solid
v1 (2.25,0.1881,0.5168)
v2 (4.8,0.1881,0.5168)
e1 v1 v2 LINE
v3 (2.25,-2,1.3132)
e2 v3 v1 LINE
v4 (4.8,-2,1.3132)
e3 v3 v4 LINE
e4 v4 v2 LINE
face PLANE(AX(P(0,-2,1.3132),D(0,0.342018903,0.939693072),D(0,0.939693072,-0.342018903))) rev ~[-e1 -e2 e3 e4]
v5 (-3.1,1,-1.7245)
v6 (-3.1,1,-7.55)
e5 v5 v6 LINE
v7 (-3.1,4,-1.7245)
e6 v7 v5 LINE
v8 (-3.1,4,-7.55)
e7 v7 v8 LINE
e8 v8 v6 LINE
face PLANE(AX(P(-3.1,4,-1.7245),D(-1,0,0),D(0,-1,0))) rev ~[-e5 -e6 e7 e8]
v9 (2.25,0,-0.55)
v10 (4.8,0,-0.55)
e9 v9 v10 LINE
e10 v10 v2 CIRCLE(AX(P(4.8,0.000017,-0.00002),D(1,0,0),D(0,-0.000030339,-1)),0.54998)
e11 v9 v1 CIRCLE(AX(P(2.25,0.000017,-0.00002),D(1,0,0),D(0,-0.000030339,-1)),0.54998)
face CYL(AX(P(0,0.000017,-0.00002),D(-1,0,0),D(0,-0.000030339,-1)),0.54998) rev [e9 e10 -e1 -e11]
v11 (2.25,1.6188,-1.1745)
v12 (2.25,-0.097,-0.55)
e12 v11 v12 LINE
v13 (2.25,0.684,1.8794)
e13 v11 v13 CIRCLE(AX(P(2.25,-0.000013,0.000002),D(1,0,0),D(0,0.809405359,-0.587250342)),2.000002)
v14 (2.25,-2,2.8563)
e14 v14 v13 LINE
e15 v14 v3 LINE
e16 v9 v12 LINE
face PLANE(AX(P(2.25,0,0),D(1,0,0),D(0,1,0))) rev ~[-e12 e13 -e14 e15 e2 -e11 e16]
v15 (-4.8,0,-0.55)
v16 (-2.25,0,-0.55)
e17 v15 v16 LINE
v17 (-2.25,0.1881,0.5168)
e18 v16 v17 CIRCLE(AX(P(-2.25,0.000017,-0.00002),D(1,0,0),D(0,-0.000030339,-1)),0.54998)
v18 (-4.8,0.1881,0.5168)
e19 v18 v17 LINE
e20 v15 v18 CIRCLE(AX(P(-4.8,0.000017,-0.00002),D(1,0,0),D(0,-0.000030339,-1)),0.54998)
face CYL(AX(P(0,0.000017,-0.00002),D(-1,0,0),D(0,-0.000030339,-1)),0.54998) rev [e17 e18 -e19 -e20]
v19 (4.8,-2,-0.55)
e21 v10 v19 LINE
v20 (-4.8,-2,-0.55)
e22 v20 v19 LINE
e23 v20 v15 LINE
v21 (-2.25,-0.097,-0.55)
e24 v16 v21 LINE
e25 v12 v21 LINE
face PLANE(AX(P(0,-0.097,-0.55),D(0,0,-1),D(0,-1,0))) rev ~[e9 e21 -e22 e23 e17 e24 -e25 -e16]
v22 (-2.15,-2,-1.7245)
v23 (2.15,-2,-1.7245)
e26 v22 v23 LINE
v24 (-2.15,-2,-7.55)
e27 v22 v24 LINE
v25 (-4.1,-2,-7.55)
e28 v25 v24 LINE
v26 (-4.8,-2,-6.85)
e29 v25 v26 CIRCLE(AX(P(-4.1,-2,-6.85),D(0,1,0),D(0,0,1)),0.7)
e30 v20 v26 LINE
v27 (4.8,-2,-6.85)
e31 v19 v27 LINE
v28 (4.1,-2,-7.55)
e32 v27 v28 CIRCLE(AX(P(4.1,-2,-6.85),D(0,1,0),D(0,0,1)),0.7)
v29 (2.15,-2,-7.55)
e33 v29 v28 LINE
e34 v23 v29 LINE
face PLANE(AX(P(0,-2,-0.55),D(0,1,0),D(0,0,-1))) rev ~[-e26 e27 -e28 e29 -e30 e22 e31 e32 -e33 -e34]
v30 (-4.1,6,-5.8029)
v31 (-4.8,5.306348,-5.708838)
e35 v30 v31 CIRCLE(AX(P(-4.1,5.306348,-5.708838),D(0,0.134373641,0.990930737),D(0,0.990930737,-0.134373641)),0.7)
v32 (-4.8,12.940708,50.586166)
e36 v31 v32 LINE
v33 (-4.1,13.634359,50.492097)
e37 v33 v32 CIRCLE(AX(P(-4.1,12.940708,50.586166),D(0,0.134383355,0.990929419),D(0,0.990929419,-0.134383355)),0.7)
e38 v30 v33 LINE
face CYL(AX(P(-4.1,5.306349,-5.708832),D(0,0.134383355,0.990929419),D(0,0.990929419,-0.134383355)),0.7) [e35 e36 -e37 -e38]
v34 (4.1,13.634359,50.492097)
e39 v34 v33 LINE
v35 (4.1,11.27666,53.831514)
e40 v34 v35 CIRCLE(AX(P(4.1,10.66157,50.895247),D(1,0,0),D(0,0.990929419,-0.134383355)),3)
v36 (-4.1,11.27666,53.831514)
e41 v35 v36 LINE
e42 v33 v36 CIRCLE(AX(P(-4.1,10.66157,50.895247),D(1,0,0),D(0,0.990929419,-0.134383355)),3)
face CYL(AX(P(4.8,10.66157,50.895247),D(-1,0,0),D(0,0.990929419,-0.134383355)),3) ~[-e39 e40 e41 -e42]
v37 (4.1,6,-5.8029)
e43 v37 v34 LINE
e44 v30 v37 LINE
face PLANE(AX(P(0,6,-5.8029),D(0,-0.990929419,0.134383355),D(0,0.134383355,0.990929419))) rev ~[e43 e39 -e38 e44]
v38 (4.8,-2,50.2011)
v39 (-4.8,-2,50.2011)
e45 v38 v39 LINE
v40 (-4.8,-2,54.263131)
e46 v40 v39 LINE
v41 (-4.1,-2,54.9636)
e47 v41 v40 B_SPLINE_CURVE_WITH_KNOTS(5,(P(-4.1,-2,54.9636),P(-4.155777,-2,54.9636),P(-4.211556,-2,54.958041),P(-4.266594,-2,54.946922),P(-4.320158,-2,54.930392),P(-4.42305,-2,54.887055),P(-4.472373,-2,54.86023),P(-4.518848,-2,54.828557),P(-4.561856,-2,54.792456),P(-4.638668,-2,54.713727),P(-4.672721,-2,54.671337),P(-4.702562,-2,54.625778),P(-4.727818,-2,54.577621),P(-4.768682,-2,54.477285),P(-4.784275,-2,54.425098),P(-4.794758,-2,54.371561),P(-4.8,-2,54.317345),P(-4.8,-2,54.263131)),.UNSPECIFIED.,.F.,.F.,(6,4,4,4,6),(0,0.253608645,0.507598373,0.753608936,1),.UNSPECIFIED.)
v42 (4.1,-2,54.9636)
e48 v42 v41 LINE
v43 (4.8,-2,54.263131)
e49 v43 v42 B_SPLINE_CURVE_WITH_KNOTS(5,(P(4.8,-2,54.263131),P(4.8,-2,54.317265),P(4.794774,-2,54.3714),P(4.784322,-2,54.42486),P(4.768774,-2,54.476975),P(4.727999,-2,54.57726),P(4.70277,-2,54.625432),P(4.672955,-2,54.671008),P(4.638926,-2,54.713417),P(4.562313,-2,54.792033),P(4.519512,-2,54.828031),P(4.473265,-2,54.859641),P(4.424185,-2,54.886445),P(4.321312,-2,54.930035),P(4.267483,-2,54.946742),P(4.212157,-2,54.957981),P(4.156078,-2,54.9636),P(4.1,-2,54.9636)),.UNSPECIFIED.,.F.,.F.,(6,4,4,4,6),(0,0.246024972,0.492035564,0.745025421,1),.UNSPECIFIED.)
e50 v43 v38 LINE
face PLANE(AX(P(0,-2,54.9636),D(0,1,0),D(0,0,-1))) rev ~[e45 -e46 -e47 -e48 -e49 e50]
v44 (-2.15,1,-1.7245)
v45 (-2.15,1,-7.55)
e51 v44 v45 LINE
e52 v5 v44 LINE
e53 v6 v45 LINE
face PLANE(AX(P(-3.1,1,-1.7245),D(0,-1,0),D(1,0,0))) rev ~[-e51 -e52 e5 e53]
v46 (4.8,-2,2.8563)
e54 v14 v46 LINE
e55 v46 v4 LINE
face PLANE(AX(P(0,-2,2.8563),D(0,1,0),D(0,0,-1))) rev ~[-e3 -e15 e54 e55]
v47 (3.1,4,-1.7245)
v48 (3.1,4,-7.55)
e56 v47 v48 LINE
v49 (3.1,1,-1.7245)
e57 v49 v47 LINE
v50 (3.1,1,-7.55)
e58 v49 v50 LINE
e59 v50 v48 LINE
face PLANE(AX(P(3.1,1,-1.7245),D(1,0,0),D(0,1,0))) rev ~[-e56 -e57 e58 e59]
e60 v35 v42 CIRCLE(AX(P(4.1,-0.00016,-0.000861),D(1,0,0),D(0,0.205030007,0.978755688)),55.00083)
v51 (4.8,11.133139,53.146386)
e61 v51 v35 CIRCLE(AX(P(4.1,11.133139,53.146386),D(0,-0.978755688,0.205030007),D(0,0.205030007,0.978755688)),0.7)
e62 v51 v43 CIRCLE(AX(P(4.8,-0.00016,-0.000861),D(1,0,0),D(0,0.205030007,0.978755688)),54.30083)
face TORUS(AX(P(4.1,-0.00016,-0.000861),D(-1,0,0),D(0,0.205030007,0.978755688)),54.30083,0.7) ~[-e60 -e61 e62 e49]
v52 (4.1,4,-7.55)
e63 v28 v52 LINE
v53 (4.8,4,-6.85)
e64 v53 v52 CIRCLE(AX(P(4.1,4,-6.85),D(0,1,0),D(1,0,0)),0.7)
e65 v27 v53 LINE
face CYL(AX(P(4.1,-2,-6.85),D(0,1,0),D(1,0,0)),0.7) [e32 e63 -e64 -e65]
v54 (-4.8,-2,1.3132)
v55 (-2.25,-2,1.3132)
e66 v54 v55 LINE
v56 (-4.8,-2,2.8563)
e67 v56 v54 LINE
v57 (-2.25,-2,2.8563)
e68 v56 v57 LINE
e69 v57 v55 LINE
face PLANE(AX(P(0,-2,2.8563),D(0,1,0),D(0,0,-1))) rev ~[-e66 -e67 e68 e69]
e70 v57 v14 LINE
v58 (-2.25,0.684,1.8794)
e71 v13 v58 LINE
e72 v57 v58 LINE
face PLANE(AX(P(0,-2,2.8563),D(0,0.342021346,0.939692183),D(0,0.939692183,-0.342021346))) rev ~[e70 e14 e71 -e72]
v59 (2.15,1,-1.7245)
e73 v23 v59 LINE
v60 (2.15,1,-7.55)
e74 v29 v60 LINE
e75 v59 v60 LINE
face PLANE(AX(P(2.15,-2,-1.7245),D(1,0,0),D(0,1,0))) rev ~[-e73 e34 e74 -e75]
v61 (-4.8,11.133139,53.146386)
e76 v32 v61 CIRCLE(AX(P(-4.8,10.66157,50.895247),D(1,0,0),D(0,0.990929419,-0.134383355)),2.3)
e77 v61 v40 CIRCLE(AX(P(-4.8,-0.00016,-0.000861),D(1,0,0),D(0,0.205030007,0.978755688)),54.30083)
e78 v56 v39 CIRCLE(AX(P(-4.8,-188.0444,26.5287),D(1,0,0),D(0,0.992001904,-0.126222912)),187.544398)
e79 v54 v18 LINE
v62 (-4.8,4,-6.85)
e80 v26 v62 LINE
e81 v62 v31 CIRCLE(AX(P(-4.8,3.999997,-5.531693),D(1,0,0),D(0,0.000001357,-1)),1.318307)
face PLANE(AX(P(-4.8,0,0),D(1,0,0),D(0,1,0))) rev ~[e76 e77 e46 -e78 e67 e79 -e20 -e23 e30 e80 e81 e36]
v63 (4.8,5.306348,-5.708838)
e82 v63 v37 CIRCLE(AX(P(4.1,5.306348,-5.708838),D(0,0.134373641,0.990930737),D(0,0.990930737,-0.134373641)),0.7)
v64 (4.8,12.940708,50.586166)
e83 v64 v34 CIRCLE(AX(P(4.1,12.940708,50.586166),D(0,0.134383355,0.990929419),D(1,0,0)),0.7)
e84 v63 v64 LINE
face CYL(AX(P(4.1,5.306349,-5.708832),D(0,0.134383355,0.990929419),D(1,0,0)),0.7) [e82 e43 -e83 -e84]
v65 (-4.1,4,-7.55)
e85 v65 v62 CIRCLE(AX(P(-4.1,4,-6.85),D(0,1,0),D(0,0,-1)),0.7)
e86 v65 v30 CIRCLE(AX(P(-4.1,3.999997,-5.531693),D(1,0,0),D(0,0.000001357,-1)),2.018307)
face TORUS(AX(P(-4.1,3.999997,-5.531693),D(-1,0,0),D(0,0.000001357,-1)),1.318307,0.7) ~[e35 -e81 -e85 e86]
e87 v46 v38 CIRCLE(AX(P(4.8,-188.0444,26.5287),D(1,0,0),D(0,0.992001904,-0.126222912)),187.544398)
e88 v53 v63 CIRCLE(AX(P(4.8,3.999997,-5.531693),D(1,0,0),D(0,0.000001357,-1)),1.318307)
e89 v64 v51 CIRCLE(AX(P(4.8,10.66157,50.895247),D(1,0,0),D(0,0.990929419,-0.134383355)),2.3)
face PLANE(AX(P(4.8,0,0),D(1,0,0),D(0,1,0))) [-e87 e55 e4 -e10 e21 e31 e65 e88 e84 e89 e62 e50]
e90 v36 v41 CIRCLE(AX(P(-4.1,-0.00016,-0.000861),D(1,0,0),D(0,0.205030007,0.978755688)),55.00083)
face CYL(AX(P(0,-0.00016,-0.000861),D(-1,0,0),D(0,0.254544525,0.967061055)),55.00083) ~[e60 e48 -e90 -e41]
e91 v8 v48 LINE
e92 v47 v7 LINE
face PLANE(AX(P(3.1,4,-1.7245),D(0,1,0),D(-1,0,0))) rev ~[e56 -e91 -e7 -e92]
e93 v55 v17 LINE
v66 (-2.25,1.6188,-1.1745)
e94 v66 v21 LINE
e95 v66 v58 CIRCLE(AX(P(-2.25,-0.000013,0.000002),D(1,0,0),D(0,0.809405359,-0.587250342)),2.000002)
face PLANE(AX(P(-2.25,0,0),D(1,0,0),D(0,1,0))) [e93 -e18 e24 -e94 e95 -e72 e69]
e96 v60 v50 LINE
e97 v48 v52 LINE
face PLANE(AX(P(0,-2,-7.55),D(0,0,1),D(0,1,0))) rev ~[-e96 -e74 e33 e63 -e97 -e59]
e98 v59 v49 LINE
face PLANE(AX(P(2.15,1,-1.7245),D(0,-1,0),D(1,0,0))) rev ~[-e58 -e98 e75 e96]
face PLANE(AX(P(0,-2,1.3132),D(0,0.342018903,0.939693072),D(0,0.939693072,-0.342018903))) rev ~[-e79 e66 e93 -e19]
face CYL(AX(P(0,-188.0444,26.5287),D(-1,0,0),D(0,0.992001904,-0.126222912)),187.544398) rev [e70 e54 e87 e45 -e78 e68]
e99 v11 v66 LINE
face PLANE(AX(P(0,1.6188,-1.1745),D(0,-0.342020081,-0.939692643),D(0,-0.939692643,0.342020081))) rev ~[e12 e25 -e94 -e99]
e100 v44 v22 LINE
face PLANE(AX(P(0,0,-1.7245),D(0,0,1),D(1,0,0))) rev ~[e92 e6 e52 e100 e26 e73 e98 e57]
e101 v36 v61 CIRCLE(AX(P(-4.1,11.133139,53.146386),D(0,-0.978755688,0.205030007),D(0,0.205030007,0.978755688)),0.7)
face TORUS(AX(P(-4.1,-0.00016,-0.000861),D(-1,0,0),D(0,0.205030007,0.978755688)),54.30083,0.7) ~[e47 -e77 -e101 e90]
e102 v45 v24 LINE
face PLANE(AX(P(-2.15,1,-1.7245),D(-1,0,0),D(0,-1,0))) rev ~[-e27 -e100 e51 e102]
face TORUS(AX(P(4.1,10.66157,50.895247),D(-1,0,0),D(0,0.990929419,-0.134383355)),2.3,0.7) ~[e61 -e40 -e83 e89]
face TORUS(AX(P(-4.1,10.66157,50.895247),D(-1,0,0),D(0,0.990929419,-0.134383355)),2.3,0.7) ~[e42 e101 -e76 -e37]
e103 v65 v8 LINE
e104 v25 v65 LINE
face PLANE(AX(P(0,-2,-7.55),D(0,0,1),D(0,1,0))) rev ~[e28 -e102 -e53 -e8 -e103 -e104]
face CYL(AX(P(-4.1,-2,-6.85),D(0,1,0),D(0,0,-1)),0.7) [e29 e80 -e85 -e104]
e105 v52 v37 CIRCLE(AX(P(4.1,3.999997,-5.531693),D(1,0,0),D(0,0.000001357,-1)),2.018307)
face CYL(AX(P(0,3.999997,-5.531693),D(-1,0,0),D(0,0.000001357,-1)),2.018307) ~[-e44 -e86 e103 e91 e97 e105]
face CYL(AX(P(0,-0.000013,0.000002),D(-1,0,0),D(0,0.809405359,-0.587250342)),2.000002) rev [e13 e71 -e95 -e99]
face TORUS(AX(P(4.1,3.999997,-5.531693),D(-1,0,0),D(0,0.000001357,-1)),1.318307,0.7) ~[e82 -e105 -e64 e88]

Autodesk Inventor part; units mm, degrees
ref_plane "YZ Plane" through (0, 0, 0) normal (1, 0, 0) x (0, 1, 0)
ref_plane "XZ Plane" through (0, 0, 0) normal (0, 1, 0) x (-1, 0, 0)
ref_plane "Slot Start Plane" through (0, 0, -1.7245) normal (0, 0, 1) x (1, 0, 0)
sketch "Key Profile" plane through (0, 0, 0) normal (1, 0, 0) x (0, 1, 0)
  line L0 (-2, 2.8563) -> (0.684, 1.8794)
  arc A0 (1.6188, -1.1745) -> (0.684, 1.8794) centre (0, 0) ccw
  line L1 (-2, 1.3132) -> (0.1881, 0.5168)
  arc A1 (0, -0.55) -> (0.1881, 0.5168) centre (0, 0) ccw
  line L2 (-2, 2.8563) -> (-2, -0.55)
  line L3 (0, 0) -> (-2, 0) construction
  line L4 (0, -0.55) -> (-2, -0.55)
  line L5 (1.6188, -1.1745) -> (-0.097, -0.55)
  line L6 (6, -5.8029) -> (14, 53.1883)
  line L7 (-2, 54.9636) -> (-2, 2.8563)
  arc A2 (14, 53.1883) -> (-2, 54.9636) centre (0, 0) ccw
  line L8 (-2, -0.55) -> (-2, -7.55)
  arc A3 (4, -7.55) -> (6, -5.8029) centre (4, -5.5317) ccw
  line L9 (-2, -7.55) -> (4, -7.55)
  arc A4 (-2, 2.8563) -> (-2, 50.2011) centre (-188.0444, 26.5287) ccw
  point P0 (-0.5, 26.5287)
  dimension "hingeCutRad" = 0.55
  dimension "hingeDepth" = 2
  dimension "d10" = 2
  dimension "keyLength" = 55
  dimension "blackKeyExtraHeight" = 8
  dimension "keyHeight" = 8
  dimension "d107" = 20
  dimension "d122" = 4
  dimension "slotOffset" = 1.1745
  dimension "backWidth" = 7
  dimension "d129" = 4.7625
  dimension "d130" = 1.5
extrude "Key" add sketch "Key Profile" along normal mid plane 9.6 contours A4 L7 A2 L6 A3 L9 L8 L4 L5 A0 L0 | L0 A0 L5 L4 A1 L1 L2
extrude "Protrusion Cutout" cut sketch "Key Profile" along normal mid plane 4.5 contours L0 A0 L5 L4 A1 L1 L2
fillet "Front Fillet" radius 3 1 edges at (0, 14, 53.1883)
sketch "Slot Sketch" plane through (0, 0, -1.7245) normal (0, 0, 1) x (1, 0, 0)
  line L0 (2.15, -2) -> (2.15, 1)
  line L1 (3.1, 4) -> (-3.1, 4)
  line L2 (-2.15, 1) -> (-2.15, -2)
  line L3 (-2.15, -2) -> (2.15, -2)
  line L4 (0, -2) -> (0, 4) construction
  line L5 (-3.1, 4) -> (-3.1, 1)
  line L6 (-3.1, 1) -> (-2.15, 1)
  line L7 (2.15, 1) -> (3.1, 1)
  line L8 (3.1, 1) -> (3.1, 4)
  point P0 (0, 0)
  dimension "d109" = 2
  dimension "slotHeadOffset" = 1
  dimension "slotHeadHeight" = 3
  dimension "slotHeadWidth" = 6.2
  dimension "neckSlotWidth" = 4.3
extrude "Slot" cut sketch "Slot Sketch" against normal through all
fillet "Edge Softening" radius 0.7 10 edges at (4.8, 13.1123, 52.6256) (4.8, 4.6727, 54.8011) (4.8, 5.3278, -7.0517) (4.8, 1, -7.55) (4.8, 9.8172, 22.3446) (-4.8, 5.3278, -7.0517) (-4.8, 1, -7.55) (-4.8, 13.1123, 52.6256) (-4.8, 4.6727, 54.8011) (-4.8, 9.8172, 22.3446)
equation "\"headHeight\" = 3"
equation "\"headOffset\" = 1"
equation "\"keySpacing\" = 0.5"
equation "\"hingeRadTol\" = 0.05"
equation "\"hingeRegRadTol\" = 0.5"
equation "\"hingeRegWidthTol\" = 0.5"
properties part number "BlackKey0" material "PLA Plastic (Black)"
